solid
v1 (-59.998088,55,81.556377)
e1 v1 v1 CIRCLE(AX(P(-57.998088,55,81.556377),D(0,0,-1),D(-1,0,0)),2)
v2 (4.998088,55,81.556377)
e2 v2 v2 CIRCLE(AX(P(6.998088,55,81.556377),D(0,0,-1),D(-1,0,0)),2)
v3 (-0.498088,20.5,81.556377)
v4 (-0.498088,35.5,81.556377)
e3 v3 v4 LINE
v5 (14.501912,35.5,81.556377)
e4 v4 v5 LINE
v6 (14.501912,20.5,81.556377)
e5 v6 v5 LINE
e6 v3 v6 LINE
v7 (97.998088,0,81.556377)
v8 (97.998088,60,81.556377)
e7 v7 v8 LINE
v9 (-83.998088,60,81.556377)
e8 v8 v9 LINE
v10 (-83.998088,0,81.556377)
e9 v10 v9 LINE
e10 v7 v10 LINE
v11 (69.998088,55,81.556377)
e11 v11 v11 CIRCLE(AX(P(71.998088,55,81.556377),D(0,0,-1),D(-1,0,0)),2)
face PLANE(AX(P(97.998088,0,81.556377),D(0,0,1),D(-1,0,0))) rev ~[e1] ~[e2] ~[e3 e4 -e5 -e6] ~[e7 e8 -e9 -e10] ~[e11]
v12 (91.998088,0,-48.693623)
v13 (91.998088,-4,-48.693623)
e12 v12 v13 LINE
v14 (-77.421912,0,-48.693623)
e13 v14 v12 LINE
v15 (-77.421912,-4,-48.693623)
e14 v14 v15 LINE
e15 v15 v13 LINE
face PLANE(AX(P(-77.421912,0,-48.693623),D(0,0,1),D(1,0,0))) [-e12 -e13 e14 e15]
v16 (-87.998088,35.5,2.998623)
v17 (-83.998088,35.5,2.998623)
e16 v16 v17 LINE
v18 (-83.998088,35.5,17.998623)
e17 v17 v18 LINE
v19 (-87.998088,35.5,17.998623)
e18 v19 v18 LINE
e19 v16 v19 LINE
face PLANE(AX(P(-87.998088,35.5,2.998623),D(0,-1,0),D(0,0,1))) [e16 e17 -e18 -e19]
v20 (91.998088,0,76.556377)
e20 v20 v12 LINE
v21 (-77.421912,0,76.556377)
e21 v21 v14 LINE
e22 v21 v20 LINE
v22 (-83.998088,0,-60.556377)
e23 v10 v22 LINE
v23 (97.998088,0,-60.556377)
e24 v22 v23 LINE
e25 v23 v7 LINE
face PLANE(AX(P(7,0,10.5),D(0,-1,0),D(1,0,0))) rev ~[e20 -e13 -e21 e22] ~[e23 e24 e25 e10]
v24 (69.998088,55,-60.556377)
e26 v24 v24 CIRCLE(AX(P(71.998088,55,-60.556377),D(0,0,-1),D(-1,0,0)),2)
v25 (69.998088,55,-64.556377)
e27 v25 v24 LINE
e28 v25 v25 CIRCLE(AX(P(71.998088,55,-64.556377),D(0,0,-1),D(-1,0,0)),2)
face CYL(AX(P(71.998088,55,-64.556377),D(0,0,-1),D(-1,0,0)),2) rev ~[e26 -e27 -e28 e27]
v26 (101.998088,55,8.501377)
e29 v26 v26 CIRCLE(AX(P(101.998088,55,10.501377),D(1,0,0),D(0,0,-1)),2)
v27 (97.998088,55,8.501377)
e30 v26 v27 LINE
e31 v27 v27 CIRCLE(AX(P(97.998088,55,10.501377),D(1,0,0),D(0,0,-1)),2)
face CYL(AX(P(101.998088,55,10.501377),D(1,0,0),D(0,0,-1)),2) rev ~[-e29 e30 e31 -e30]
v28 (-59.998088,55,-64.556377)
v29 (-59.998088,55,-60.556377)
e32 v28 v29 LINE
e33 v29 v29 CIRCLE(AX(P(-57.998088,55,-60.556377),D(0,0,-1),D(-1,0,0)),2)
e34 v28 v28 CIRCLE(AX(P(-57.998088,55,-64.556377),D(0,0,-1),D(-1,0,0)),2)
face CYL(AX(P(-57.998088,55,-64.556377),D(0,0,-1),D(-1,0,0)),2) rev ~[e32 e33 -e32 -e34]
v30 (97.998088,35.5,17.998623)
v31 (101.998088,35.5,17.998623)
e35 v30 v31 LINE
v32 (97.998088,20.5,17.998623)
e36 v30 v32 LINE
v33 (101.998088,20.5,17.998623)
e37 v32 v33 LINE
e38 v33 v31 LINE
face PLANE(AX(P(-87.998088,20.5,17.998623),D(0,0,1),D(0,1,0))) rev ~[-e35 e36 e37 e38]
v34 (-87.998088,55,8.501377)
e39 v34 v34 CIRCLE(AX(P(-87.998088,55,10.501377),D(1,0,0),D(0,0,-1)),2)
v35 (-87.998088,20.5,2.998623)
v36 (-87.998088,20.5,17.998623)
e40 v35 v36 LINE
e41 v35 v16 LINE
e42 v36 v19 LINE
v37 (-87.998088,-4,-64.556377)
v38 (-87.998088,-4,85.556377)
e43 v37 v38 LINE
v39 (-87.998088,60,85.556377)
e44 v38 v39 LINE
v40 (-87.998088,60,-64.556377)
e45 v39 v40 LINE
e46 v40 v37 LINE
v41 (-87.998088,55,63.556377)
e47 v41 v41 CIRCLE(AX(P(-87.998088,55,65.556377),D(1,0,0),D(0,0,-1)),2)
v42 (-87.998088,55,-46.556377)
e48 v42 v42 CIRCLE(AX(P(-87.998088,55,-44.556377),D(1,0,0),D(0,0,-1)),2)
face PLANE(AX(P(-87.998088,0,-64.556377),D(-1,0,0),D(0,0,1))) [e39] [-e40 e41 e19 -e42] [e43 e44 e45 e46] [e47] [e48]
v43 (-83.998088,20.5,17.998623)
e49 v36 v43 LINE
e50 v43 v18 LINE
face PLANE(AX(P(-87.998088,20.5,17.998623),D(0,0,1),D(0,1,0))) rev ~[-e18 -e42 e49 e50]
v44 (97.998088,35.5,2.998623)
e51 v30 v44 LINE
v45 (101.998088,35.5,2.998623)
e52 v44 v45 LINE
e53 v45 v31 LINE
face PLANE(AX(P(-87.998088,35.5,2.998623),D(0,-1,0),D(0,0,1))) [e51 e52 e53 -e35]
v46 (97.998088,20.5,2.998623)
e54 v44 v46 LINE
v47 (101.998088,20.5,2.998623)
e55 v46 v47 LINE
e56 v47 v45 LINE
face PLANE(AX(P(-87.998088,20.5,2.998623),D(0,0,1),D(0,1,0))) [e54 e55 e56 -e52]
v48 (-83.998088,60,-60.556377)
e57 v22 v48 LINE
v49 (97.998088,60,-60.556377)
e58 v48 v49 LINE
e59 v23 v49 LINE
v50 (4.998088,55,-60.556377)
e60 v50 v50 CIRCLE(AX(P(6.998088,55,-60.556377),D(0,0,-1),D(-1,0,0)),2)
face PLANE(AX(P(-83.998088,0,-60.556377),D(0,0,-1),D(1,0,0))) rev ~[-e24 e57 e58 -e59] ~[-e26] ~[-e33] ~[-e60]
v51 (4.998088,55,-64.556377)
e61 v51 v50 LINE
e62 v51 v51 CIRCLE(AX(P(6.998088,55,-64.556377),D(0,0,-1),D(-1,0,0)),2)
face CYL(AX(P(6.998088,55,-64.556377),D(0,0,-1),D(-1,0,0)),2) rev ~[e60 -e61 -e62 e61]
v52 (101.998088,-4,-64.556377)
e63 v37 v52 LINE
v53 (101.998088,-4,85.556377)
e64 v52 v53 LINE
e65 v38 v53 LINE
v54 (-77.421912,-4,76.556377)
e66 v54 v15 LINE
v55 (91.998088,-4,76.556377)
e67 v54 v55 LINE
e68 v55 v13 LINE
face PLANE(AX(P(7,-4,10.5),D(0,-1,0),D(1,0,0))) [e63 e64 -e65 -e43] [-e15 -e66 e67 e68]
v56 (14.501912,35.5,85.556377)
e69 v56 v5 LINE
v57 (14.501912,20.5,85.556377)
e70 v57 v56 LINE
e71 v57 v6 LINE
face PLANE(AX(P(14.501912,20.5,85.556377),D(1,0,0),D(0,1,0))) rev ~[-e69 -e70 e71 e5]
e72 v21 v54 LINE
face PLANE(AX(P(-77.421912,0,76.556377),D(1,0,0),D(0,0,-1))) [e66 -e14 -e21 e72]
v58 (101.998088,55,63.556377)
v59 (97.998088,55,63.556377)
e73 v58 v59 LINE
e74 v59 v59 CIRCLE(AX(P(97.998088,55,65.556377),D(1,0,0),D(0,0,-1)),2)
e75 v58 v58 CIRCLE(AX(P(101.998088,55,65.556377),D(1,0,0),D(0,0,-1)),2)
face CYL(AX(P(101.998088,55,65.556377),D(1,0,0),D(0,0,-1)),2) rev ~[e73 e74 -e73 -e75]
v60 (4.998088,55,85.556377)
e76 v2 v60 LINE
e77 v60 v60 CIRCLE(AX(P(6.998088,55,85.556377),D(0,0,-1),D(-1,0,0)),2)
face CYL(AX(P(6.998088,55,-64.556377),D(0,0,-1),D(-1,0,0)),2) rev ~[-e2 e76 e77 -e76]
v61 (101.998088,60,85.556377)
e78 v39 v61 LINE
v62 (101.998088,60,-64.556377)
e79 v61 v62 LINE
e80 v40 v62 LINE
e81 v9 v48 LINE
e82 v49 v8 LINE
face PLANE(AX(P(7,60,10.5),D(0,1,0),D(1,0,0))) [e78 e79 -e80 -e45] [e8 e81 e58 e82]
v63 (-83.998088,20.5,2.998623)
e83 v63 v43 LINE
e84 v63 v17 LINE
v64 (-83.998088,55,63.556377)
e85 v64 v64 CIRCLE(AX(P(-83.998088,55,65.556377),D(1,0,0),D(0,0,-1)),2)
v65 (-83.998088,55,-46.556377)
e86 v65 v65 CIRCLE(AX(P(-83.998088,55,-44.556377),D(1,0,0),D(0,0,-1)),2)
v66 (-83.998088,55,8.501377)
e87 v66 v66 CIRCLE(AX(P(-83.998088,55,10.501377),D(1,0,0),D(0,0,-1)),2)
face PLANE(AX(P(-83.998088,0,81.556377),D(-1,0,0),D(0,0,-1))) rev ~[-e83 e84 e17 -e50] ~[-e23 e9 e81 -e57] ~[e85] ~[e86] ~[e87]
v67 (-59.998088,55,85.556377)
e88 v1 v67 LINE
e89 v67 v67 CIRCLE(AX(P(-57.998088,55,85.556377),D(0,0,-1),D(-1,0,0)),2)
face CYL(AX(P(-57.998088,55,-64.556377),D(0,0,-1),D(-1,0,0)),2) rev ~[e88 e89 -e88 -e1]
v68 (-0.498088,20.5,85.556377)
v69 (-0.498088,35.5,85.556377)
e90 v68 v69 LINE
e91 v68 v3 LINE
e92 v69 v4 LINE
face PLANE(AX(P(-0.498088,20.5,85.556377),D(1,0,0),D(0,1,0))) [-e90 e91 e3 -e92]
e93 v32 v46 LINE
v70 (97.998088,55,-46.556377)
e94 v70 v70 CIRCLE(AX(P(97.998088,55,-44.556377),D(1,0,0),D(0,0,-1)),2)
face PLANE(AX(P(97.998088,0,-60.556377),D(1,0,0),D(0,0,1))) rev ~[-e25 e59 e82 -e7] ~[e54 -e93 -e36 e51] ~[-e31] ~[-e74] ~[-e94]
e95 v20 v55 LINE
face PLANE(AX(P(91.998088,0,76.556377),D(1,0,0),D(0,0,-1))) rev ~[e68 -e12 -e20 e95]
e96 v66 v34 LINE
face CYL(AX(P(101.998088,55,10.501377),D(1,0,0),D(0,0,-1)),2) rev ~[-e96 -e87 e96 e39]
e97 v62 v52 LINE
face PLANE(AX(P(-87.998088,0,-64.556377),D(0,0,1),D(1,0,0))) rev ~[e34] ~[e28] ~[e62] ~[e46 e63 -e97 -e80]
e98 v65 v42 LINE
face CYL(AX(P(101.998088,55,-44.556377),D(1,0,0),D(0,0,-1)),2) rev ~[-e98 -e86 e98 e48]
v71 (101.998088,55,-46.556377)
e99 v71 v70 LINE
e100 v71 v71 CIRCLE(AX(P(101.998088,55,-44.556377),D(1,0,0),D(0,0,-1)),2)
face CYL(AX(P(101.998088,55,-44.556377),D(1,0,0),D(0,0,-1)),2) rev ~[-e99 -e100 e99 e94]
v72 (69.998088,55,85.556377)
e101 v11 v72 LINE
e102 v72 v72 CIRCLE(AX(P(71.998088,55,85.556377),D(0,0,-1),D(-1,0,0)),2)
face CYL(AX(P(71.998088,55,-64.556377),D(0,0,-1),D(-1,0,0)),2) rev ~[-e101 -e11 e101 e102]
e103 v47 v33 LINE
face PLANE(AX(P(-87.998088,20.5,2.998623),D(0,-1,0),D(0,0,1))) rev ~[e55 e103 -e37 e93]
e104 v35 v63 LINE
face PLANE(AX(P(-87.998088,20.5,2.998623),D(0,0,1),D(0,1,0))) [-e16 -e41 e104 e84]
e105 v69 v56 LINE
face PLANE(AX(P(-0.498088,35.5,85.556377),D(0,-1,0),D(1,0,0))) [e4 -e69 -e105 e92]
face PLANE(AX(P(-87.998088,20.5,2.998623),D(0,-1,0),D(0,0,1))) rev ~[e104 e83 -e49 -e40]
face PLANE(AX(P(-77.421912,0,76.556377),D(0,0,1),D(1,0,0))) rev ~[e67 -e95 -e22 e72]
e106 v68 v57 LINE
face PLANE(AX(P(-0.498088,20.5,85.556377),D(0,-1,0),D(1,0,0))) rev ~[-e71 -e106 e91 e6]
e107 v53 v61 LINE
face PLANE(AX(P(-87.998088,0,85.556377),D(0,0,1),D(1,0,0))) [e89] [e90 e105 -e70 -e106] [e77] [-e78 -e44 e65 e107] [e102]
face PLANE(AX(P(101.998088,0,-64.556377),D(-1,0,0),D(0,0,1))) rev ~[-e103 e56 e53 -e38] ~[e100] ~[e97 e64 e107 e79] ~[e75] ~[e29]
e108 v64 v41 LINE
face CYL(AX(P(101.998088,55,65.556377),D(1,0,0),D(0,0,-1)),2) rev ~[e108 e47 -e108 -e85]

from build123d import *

# Parameters (mm, degrees)
SKETCH1_W           = 189.996176074
SKETCH1_H           = 150.112754898
BOSS_EXTRUDE1_DEPTH = 60
SKETCH2_W           = 189.996176074
SKETCH2_H           = 150.112754898
BOSS_EXTRUDE2_DEPTH = 4
SKETCH3_W           = 169.42
SKETCH3_H           = 125.25
CUT_EXTRUDE1_DEPTH  = 4
SKETCH4_W           = 15
SKETCH4_H           = 15
CUT_EXTRUDE2_DEPTH  = 222
SKETCH6_W           = 15
SKETCH6_H           = 15
CUT_EXTRUDE3_DEPTH  = 50
SKETCH7_R           = 2
CUT_EXTRUDE4_DEPTH  = 220
SKETCH8_R           = 2
CUT_EXTRUDE5_DEPTH  = 220


with BuildPart() as part:
    # Sketch1 → Boss-Extrude1 (new body)
    with BuildSketch(Plane(origin=(0, 0, 0), x_dir=(1, 0, 0), z_dir=(0, 1, 0))):
        with Locations((7, -10.5)):
            Rectangle(SKETCH1_W, SKETCH1_H)
        Polygon((97.998088037, 60.556377449), (97.998088037, -81.556377449), (-83.998088037, -81.556377449), (-83.998088037, 60.556377449), (16.315151501, 60.556377449), align=None, mode=Mode.SUBTRACT)
    extrude(amount=BOSS_EXTRUDE1_DEPTH)

    # Sketch2 → Boss-Extrude2 (add)
    with BuildSketch(Plane.XZ):
        with Locations((7, 10.5)):
            Rectangle(SKETCH2_W, SKETCH2_H)
    extrude(amount=BOSS_EXTRUDE2_DEPTH)

    # Sketch3 → Cut-Extrude1 (cut)
    with BuildSketch(Plane(origin=(0, 0, 0), x_dir=(1, 0, 0), z_dir=(0, 1, 0))):
        with Locations((7.288088037, -13.931377449)):
            Rectangle(SKETCH3_W, SKETCH3_H)
    extrude(amount=-CUT_EXTRUDE1_DEPTH, mode=Mode.SUBTRACT)

    # Sketch4 → Cut-Extrude2 (cut)
    with BuildSketch(Plane.ZY.offset(87.998088037)):
        with Locations((10.498622551, 28)):
            Rectangle(SKETCH4_W, SKETCH4_H)
    extrude(amount=-CUT_EXTRUDE2_DEPTH, mode=Mode.SUBTRACT)

    # Sketch6 → Cut-Extrude3 (cut)
    with BuildSketch(Plane.XY.offset(85.556377449)):
        with Locations((7.001911963, 28)):
            Rectangle(SKETCH6_W, SKETCH6_H)
    extrude(amount=-CUT_EXTRUDE3_DEPTH, mode=Mode.SUBTRACT)

    # Sketch7 → Cut-Extrude4 (cut)
    with BuildSketch(Plane(origin=(101.998088037, 0, 0), x_dir=(0, 0, -1), z_dir=(1, 0, 0))):
        with Locations((-65.556377449, 55)):
            Circle(SKETCH7_R)
        with Locations((-10.501377449, 55)):
            Circle(SKETCH7_R)
        with Locations((44.556377449, 55)):
            Circle(SKETCH7_R)
    extrude(amount=-CUT_EXTRUDE4_DEPTH, mode=Mode.SUBTRACT)

    # Sketch8 → Cut-Extrude5 (cut)
    with BuildSketch(Plane(origin=(0, 0, -64.556377449), x_dir=(-1, 0, 0), z_dir=(0, 0, -1))):
        with Locations((-71.998088037, 55)):
            Circle(SKETCH8_R)
        with Locations((-6.998088037, 55)):
            Circle(SKETCH8_R)
        with Locations((57.998088037, 55)):
            Circle(SKETCH8_R)
    extrude(amount=-CUT_EXTRUDE5_DEPTH, mode=Mode.SUBTRACT)


solid = part.part
